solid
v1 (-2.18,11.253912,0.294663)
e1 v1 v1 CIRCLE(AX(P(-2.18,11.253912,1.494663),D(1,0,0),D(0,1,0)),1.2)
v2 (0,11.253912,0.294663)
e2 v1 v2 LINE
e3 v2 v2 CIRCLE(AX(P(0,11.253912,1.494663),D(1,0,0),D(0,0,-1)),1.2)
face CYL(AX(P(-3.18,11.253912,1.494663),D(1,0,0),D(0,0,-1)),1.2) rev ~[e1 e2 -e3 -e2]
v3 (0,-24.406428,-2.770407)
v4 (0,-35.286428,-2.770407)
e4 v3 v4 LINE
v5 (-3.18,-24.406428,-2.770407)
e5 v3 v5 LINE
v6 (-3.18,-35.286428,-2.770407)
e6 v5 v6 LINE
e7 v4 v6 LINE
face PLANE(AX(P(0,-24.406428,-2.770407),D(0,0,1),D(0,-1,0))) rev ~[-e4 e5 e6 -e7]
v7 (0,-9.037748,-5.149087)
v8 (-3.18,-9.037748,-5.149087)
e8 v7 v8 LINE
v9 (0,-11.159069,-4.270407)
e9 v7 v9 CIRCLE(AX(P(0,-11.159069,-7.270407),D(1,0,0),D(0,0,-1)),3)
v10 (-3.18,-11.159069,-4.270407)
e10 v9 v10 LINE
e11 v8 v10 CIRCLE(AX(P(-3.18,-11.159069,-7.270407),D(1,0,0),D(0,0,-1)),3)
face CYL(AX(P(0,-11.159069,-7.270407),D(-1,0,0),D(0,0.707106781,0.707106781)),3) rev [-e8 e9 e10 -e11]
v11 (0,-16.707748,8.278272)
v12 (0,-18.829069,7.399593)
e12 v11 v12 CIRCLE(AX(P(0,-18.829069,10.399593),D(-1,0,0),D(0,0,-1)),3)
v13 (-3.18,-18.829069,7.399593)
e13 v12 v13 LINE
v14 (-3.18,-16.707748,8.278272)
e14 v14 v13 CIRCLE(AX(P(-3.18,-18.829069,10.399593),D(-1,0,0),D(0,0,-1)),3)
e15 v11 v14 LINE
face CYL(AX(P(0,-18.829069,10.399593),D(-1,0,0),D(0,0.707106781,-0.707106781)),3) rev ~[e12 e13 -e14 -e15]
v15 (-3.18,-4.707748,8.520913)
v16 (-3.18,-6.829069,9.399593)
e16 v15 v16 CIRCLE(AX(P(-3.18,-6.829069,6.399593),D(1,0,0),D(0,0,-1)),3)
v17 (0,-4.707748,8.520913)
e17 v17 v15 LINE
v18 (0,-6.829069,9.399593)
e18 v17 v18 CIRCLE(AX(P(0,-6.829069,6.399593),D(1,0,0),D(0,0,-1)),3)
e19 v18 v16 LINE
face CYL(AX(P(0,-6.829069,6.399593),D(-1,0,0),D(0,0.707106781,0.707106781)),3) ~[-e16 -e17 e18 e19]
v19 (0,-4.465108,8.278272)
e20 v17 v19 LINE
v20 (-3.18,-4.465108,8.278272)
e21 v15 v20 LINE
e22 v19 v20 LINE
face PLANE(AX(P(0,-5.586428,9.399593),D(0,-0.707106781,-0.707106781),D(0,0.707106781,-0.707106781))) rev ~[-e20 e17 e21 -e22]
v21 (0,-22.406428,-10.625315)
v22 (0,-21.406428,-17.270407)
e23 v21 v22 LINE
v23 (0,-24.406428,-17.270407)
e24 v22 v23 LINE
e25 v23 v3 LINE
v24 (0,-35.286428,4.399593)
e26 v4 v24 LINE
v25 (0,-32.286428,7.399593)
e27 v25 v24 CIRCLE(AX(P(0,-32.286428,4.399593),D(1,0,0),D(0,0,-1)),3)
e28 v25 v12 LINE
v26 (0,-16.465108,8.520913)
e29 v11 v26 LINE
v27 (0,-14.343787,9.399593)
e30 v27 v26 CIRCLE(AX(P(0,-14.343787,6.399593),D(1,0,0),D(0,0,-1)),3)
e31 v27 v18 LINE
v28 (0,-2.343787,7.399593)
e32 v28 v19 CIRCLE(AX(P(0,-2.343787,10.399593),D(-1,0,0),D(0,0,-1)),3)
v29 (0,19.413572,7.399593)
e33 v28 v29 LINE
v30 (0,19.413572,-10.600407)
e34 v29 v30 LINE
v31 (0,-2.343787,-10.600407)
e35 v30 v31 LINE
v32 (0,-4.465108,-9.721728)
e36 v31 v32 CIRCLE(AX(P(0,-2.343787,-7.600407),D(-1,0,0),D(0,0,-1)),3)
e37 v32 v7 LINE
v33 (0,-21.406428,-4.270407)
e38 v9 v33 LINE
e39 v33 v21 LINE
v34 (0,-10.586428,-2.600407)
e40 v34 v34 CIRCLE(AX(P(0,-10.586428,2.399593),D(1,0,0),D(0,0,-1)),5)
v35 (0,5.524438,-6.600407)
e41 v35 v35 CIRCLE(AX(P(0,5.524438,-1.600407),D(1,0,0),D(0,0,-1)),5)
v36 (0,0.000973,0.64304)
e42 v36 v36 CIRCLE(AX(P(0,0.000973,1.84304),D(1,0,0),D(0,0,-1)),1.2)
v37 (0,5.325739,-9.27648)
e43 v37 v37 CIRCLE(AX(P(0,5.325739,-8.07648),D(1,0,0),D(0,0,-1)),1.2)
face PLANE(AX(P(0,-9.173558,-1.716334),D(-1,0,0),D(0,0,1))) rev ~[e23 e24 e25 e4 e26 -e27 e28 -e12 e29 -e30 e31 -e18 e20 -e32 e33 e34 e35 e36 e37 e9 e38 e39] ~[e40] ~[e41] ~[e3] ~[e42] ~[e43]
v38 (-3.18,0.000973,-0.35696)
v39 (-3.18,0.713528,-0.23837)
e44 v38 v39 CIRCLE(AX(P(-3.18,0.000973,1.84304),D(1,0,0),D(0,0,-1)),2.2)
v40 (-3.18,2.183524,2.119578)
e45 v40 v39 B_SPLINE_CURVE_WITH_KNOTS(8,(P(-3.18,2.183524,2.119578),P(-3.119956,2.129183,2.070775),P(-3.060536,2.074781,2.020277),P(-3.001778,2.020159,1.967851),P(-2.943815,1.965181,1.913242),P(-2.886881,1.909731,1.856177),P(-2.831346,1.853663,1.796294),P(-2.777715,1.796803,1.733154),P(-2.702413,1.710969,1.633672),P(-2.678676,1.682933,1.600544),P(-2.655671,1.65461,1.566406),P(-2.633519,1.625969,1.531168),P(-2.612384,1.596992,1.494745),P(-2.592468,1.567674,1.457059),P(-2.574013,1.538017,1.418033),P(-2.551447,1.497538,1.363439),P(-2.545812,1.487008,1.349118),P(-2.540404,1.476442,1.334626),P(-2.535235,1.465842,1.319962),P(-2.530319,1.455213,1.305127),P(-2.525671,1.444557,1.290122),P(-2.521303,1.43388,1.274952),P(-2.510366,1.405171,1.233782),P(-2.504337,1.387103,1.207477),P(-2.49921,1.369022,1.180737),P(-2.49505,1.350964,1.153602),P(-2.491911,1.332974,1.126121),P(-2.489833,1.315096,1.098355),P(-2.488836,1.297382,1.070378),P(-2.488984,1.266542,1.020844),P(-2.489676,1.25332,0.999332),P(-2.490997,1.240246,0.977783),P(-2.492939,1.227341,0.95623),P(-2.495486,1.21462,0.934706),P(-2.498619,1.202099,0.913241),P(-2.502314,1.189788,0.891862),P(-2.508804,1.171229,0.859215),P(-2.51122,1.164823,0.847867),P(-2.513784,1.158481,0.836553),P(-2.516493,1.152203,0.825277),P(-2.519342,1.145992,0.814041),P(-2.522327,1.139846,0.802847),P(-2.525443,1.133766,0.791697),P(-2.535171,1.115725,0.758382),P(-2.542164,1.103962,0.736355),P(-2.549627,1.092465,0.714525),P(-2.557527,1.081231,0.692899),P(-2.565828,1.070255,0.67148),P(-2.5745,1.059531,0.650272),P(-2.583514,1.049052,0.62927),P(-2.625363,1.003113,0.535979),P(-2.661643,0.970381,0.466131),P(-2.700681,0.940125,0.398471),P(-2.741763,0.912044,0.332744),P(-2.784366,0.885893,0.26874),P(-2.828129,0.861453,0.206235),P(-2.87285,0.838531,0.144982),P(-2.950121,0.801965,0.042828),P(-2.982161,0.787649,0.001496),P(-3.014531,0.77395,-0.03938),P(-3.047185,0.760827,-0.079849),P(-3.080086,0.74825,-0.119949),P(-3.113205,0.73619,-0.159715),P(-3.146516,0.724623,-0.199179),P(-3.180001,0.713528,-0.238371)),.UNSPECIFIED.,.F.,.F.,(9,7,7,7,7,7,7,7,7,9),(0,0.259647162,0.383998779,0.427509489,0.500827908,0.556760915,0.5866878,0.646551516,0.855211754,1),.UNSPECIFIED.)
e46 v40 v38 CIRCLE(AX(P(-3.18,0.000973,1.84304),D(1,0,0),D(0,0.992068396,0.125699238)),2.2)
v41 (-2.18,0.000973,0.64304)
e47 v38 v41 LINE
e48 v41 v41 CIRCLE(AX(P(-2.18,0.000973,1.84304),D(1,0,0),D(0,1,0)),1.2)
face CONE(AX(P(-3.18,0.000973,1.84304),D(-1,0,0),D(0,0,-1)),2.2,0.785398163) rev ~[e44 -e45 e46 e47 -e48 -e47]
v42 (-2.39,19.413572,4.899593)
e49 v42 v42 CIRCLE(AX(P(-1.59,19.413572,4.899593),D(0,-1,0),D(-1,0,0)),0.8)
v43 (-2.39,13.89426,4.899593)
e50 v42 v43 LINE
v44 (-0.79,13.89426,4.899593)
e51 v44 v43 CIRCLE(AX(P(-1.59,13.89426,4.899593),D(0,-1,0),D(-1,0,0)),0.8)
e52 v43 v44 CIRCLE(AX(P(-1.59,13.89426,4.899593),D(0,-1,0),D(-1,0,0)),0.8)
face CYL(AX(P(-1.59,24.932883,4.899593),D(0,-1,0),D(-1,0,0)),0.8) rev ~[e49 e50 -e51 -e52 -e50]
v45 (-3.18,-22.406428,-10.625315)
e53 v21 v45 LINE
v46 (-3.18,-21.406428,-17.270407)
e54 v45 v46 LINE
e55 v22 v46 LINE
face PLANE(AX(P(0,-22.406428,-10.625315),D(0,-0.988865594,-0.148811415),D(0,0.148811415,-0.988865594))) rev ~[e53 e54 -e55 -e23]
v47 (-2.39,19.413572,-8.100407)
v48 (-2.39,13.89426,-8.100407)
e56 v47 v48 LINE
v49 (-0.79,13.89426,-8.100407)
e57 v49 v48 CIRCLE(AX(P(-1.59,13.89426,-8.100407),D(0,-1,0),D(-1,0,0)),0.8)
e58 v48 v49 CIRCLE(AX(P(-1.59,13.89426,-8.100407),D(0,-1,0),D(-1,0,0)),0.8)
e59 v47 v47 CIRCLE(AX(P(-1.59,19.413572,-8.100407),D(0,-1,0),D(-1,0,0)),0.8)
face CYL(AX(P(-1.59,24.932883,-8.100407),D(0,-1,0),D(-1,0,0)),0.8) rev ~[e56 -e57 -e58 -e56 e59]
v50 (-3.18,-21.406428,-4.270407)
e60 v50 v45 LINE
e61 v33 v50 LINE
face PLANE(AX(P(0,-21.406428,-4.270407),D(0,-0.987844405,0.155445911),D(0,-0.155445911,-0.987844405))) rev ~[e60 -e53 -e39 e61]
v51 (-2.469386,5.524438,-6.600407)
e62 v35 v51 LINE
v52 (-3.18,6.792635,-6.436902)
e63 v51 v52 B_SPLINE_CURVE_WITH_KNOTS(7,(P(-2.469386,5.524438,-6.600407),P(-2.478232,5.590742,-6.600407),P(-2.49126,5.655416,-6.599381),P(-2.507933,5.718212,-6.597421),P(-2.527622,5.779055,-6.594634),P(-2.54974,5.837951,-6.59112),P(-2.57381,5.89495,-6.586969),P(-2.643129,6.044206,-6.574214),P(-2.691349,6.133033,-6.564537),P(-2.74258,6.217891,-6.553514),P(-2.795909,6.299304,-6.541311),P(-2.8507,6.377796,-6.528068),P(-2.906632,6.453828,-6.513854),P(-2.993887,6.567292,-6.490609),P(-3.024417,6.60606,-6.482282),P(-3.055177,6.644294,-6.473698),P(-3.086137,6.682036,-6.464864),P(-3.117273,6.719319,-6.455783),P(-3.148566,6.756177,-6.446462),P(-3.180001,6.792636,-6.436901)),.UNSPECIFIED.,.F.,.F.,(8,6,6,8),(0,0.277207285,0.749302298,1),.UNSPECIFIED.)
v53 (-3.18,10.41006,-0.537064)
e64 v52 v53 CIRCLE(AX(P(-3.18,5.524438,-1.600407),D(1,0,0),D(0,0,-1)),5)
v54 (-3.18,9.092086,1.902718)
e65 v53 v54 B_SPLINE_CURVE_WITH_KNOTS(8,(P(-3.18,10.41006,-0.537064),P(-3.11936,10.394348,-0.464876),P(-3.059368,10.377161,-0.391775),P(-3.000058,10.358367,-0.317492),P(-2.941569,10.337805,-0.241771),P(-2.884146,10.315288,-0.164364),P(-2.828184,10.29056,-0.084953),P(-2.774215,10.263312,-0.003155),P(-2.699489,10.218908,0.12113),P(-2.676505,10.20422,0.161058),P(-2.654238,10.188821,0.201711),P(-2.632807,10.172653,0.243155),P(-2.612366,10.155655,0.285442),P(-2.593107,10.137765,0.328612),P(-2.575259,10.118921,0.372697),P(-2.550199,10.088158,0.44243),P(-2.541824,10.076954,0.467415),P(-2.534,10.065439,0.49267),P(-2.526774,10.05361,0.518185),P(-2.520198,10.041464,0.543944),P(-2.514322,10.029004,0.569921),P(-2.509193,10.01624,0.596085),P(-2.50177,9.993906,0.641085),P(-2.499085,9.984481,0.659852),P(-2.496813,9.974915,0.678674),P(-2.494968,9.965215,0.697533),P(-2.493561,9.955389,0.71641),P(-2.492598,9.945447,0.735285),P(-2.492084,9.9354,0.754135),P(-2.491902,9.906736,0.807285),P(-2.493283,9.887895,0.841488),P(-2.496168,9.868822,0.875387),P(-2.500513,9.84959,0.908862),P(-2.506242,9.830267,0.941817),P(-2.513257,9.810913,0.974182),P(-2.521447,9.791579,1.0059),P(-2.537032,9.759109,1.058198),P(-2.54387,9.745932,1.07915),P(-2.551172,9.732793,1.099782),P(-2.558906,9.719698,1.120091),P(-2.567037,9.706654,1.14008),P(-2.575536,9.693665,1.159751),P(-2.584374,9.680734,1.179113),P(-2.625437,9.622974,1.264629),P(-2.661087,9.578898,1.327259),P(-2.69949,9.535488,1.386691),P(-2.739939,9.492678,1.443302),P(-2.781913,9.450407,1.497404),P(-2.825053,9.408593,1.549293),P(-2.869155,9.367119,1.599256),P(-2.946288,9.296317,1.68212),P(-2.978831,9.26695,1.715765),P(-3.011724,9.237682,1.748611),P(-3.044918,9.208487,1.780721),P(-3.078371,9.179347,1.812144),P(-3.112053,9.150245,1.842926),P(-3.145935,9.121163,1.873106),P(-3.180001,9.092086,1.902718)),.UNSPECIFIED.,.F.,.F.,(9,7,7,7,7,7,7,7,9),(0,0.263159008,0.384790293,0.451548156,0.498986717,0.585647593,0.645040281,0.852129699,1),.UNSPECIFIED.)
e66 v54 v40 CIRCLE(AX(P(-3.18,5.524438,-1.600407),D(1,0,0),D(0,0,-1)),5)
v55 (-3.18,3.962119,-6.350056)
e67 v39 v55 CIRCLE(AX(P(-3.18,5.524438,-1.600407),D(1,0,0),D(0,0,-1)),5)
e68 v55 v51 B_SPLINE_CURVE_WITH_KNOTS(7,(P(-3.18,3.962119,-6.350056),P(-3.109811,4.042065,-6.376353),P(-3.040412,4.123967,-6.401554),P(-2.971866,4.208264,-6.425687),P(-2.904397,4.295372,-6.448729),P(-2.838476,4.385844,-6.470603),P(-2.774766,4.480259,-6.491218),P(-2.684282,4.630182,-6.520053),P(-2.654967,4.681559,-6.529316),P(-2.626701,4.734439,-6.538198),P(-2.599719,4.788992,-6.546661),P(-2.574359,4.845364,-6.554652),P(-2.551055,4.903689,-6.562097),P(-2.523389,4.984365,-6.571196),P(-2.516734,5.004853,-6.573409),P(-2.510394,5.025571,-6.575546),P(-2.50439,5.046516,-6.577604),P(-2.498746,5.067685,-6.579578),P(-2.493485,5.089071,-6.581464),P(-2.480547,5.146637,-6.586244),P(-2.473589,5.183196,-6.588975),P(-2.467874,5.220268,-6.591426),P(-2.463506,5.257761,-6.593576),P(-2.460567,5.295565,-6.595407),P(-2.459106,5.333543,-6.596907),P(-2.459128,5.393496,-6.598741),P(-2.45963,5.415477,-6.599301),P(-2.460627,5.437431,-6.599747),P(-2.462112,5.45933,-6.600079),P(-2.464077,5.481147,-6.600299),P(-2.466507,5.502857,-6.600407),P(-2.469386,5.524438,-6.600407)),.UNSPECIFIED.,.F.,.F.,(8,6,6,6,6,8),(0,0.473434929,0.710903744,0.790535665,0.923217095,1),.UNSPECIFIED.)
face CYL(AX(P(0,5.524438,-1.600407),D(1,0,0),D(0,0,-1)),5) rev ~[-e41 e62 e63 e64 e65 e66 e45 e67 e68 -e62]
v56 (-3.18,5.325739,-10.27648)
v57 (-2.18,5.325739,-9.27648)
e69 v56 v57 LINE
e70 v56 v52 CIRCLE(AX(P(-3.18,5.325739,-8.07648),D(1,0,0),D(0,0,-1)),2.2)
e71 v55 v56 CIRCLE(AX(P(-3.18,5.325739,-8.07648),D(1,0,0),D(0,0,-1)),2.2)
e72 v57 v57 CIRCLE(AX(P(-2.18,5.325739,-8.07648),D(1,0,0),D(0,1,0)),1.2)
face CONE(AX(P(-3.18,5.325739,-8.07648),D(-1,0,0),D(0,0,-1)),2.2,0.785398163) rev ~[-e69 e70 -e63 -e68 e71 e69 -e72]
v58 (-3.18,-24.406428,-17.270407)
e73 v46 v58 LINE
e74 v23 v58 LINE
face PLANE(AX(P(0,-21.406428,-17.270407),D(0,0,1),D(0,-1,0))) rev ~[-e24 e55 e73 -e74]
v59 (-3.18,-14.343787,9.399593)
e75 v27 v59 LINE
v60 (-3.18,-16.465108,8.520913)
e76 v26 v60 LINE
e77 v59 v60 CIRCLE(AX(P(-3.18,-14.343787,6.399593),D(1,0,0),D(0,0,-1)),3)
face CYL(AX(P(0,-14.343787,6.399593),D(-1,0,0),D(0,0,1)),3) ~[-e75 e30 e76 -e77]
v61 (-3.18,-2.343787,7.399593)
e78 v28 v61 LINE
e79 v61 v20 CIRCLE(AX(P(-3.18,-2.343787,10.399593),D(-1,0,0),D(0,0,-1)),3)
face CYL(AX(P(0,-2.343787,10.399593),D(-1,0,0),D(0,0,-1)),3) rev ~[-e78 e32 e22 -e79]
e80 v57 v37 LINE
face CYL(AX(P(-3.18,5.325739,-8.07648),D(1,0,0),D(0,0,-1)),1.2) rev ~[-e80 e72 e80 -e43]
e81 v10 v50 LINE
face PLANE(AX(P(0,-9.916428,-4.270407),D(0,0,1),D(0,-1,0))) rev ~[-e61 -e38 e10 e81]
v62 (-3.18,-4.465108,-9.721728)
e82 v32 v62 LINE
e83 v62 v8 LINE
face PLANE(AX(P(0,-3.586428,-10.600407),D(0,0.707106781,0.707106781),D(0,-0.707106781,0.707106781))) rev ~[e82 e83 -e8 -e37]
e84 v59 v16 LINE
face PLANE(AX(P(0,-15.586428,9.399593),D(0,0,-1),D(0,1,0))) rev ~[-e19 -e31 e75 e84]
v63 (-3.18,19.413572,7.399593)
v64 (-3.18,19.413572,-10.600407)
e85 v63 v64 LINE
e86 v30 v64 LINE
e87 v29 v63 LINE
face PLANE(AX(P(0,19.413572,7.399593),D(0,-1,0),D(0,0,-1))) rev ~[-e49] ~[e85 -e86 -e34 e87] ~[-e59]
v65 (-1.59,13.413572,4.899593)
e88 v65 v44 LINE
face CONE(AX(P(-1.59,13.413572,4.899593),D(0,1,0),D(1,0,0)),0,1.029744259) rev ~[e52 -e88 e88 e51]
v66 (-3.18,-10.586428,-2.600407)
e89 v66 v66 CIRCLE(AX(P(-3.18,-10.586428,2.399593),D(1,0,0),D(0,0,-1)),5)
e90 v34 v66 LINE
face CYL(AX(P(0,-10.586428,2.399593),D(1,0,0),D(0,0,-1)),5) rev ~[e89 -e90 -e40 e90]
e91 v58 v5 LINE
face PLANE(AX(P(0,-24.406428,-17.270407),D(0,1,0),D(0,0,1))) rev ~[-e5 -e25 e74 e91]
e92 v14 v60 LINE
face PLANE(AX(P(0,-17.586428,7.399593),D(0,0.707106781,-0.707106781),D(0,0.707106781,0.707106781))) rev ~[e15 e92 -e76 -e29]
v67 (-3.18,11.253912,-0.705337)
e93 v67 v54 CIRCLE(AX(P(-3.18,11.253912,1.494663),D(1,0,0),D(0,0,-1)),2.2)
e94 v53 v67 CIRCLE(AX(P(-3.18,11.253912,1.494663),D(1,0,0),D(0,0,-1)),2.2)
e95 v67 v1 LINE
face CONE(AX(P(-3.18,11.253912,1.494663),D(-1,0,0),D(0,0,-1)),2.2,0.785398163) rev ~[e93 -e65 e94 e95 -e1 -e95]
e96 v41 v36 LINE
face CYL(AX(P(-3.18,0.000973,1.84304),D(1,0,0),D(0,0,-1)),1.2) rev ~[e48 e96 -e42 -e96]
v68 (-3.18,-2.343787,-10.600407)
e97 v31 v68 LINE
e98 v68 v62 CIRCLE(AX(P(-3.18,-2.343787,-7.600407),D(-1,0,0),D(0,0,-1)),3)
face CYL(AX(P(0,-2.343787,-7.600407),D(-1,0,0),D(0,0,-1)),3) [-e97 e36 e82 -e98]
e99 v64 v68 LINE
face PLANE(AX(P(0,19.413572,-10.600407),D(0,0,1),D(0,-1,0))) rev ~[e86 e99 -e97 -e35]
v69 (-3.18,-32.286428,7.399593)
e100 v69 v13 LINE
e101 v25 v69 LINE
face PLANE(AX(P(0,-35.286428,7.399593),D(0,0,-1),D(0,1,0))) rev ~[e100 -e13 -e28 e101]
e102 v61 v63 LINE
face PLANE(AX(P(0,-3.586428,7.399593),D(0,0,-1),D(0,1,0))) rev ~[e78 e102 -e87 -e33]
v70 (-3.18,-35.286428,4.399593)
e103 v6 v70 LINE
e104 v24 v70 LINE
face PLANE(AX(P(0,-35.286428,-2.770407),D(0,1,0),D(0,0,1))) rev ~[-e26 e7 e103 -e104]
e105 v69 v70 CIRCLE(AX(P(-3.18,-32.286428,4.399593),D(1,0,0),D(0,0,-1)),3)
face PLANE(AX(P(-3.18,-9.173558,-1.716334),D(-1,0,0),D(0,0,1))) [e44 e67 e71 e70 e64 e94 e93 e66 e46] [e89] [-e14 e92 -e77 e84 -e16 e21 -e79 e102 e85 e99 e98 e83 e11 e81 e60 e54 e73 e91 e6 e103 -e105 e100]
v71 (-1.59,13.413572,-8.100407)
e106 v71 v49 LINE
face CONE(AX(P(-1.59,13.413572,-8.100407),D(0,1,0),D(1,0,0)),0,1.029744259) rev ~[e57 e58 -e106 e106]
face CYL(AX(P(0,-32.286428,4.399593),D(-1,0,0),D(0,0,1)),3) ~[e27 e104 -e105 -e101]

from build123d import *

# Parameters (mm, degrees)
BOSS_EXTRUDE1_DEPTH                             = 3.18
SKETCH2_4_OUTSIDE_W                             = 40.858
SKETCH2_4_OUTSIDE_H                             = 68.888
SKETCH2_4_OUTSIDE_R                             = 5
CUT_EXTRUDE2_DEPTH                              = 3.18
FILLET6_R                                       = 3
M2X0_4_TAPPED_HOLE1_D                           = 1.6
M2X0_4_TAPPED_HOLE1_DEPTH                       = 5.519311505
M2X0_4_TAPPED_HOLE1_TIP                         = 0.480688495
CUT_EXTRUDE3_REACH                              = 40.129
SKETCH7_R                                       = 1
CSK_FOR_M2_FLAT_HEAD_MACHINE_SCREW1_D           = 2.4
CSK_FOR_M2_FLAT_HEAD_MACHINE_SCREW1_DEPTH       = 3.18
CSK_FOR_M2_FLAT_HEAD_MACHINE_SCREW1_CSINK_D     = 4.4
CSK_FOR_M2_FLAT_HEAD_MACHINE_SCREW1_CSINK_ANGLE = 90


with BuildPart() as part:
    # Sketch2 → Boss-Extrude1 (new body)
    with BuildSketch(Plane(origin=(0, 0, 0), x_dir=(0, 0, -1), z_dir=(1, 0, 0))):
        Polygon((-7.39959254, 19.413571875), (10.60040746, 19.413571875), (10.60040746, -3.586428125), (4.27040746, -9.916428125), (4.27040746, -21.406428125), (10.625315102, -22.406428125), (17.27040746, -21.406428125), (17.27040746, -24.406428125), (2.77040746, -24.406428125), (2.77040746, -35.286428125), (-7.39959254, -35.286428125), (-7.39959254, -17.586428125), (-9.39959254, -15.586428125), (-9.39959254, -5.586428125), (-7.39959254, -3.586428125), align=None)
    extrude(amount=-BOSS_EXTRUDE1_DEPTH)

    # Sketch2<4> outside → Cut-Extrude2 (cut)
    # profile 1 of 3: a face of its own
    with BuildSketch(Plane(origin=(0, 0, 0), x_dir=(0, 0, -1), z_dir=(1, 0, 0))):
        with Locations((3.935, -7.936)):
            Rectangle(SKETCH2_4_OUTSIDE_W, SKETCH2_4_OUTSIDE_H)
        Polygon((-7.39959254, 19.413571875), (10.60040746, 19.413571875), (10.60040746, -3.586428125), (4.27040746, -9.916428125), (4.27040746, -21.406428125), (10.625315102, -22.406428125), (17.27040746, -21.406428125), (17.27040746, -24.406428125), (2.77040746, -24.406428125), (2.77040746, -35.286428125), (-7.39959254, -35.286428125), (-7.39959254, -17.586428125), (-9.39959254, -15.586428125), (-9.39959254, -5.586428125), (-7.39959254, -3.586428125), align=None, mode=Mode.SUBTRACT)
    # profile 2 of 3: a face of its own
    with BuildSketch(Plane(origin=(0, 0, 0), x_dir=(0, 0, -1), z_dir=(1, 0, 0))):
        with Locations((-2.39959254, -10.586428125)):
            Circle(SKETCH2_4_OUTSIDE_R)
    # profile 3 of 3: a face of its own
    with BuildSketch(Plane(origin=(0, 0, 0), x_dir=(0, 0, -1), z_dir=(1, 0, 0))):
        with Locations((1.60040746, 5.524437773)):
            Circle(SKETCH2_4_OUTSIDE_R)
    extrude(amount=-CUT_EXTRUDE2_DEPTH, mode=Mode.SUBTRACT)

    # Fillet6
    fillet6_edges = [part.edges().sort_by_distance(p)[0] for p in [
        (-1.59, -3.586428125, 7.39959254),
        (-1.59, -5.586428125, 9.39959254),
        (-1.59, -15.586428125, 9.39959254),
        (-1.59, -17.586428125, 7.39959254),
        (-1.59, -35.286428125, 7.39959254),
        (-1.59, -9.916428125, -4.27040746),
        (-1.59, -3.586428125, -10.60040746),
    ]]
    fillet(fillet6_edges, radius=FILLET6_R)

    # M2x0.4 Tapped Hole1
    with Locations(Plane(origin=(0, 19.413571875, 0), x_dir=(1, 0, 0), z_dir=(0, 1, 0))):
        with Locations((-1.59, 8.10040746), (-1.59, -4.89959254)):
            Hole(M2X0_4_TAPPED_HOLE1_D / 2, depth=M2X0_4_TAPPED_HOLE1_DEPTH)
            with Locations((0, 0, -(M2X0_4_TAPPED_HOLE1_DEPTH + M2X0_4_TAPPED_HOLE1_TIP / 2))):  # 118° drill point
                Cone(0, M2X0_4_TAPPED_HOLE1_D / 2, M2X0_4_TAPPED_HOLE1_TIP, mode=Mode.SUBTRACT)

    # Sketch7 → Cut-Extrude3 (cut, up to next)
    with BuildSketch(Plane(origin=(0, 0, -3.18), x_dir=(0, 0, -1), z_dir=(1, 0, 0)), mode=Mode.PRIVATE) as cut_extrude3_sk1:
        with Locations((-4.67466251, 11.25391193)):
            Circle(SKETCH7_R)
    cut_extrude3_tool1 = extrude(cut_extrude3_sk1.sketch, amount=-CUT_EXTRUDE3_REACH, mode=Mode.PRIVATE) & part.part
    # Sketch7 → Cut-Extrude3 (cut, up to next)
    with BuildSketch(Plane(origin=(0, 0, -3.18), x_dir=(0, 0, -1), z_dir=(1, 0, 0)), mode=Mode.PRIVATE) as cut_extrude3_sk2:
        with Locations((4.896479829, 5.325738996)):
            Circle(SKETCH7_R)
    cut_extrude3_tool2 = extrude(cut_extrude3_sk2.sketch, amount=-CUT_EXTRUDE3_REACH, mode=Mode.PRIVATE) & part.part
    # Sketch7 → Cut-Extrude3 (cut, up to next)
    with BuildSketch(Plane(origin=(0, 0, -3.18), x_dir=(0, 0, -1), z_dir=(1, 0, 0)), mode=Mode.PRIVATE) as cut_extrude3_sk3:
        with Locations((-5.023039699, 0.000973054)):
            Circle(SKETCH7_R)
    cut_extrude3_tool3 = extrude(cut_extrude3_sk3.sketch, amount=-CUT_EXTRUDE3_REACH, mode=Mode.PRIVATE) & part.part
    add(cut_extrude3_tool1.solids().sort_by_distance((0, 11.253912, 1.494663))[0], mode=Mode.SUBTRACT)
    add(cut_extrude3_tool2.solids().sort_by_distance((0, 5.325739, -8.07648))[0], mode=Mode.SUBTRACT)
    add(cut_extrude3_tool3.solids().sort_by_distance((0, 0.000973, 1.84304))[0], mode=Mode.SUBTRACT)

    # CSK for M2 Flat Head Machine Screw1
    with Locations(Plane.ZY.offset(3.18)):
        with Locations((-8.076479829, 5.325738996), (1.49466251, 11.25391193), (1.843039699, 0.000973054)):
            CounterSinkHole(CSK_FOR_M2_FLAT_HEAD_MACHINE_SCREW1_D / 2, CSK_FOR_M2_FLAT_HEAD_MACHINE_SCREW1_CSINK_D / 2, depth=CSK_FOR_M2_FLAT_HEAD_MACHINE_SCREW1_DEPTH, counter_sink_angle=CSK_FOR_M2_FLAT_HEAD_MACHINE_SCREW1_CSINK_ANGLE)


solid = part.part
